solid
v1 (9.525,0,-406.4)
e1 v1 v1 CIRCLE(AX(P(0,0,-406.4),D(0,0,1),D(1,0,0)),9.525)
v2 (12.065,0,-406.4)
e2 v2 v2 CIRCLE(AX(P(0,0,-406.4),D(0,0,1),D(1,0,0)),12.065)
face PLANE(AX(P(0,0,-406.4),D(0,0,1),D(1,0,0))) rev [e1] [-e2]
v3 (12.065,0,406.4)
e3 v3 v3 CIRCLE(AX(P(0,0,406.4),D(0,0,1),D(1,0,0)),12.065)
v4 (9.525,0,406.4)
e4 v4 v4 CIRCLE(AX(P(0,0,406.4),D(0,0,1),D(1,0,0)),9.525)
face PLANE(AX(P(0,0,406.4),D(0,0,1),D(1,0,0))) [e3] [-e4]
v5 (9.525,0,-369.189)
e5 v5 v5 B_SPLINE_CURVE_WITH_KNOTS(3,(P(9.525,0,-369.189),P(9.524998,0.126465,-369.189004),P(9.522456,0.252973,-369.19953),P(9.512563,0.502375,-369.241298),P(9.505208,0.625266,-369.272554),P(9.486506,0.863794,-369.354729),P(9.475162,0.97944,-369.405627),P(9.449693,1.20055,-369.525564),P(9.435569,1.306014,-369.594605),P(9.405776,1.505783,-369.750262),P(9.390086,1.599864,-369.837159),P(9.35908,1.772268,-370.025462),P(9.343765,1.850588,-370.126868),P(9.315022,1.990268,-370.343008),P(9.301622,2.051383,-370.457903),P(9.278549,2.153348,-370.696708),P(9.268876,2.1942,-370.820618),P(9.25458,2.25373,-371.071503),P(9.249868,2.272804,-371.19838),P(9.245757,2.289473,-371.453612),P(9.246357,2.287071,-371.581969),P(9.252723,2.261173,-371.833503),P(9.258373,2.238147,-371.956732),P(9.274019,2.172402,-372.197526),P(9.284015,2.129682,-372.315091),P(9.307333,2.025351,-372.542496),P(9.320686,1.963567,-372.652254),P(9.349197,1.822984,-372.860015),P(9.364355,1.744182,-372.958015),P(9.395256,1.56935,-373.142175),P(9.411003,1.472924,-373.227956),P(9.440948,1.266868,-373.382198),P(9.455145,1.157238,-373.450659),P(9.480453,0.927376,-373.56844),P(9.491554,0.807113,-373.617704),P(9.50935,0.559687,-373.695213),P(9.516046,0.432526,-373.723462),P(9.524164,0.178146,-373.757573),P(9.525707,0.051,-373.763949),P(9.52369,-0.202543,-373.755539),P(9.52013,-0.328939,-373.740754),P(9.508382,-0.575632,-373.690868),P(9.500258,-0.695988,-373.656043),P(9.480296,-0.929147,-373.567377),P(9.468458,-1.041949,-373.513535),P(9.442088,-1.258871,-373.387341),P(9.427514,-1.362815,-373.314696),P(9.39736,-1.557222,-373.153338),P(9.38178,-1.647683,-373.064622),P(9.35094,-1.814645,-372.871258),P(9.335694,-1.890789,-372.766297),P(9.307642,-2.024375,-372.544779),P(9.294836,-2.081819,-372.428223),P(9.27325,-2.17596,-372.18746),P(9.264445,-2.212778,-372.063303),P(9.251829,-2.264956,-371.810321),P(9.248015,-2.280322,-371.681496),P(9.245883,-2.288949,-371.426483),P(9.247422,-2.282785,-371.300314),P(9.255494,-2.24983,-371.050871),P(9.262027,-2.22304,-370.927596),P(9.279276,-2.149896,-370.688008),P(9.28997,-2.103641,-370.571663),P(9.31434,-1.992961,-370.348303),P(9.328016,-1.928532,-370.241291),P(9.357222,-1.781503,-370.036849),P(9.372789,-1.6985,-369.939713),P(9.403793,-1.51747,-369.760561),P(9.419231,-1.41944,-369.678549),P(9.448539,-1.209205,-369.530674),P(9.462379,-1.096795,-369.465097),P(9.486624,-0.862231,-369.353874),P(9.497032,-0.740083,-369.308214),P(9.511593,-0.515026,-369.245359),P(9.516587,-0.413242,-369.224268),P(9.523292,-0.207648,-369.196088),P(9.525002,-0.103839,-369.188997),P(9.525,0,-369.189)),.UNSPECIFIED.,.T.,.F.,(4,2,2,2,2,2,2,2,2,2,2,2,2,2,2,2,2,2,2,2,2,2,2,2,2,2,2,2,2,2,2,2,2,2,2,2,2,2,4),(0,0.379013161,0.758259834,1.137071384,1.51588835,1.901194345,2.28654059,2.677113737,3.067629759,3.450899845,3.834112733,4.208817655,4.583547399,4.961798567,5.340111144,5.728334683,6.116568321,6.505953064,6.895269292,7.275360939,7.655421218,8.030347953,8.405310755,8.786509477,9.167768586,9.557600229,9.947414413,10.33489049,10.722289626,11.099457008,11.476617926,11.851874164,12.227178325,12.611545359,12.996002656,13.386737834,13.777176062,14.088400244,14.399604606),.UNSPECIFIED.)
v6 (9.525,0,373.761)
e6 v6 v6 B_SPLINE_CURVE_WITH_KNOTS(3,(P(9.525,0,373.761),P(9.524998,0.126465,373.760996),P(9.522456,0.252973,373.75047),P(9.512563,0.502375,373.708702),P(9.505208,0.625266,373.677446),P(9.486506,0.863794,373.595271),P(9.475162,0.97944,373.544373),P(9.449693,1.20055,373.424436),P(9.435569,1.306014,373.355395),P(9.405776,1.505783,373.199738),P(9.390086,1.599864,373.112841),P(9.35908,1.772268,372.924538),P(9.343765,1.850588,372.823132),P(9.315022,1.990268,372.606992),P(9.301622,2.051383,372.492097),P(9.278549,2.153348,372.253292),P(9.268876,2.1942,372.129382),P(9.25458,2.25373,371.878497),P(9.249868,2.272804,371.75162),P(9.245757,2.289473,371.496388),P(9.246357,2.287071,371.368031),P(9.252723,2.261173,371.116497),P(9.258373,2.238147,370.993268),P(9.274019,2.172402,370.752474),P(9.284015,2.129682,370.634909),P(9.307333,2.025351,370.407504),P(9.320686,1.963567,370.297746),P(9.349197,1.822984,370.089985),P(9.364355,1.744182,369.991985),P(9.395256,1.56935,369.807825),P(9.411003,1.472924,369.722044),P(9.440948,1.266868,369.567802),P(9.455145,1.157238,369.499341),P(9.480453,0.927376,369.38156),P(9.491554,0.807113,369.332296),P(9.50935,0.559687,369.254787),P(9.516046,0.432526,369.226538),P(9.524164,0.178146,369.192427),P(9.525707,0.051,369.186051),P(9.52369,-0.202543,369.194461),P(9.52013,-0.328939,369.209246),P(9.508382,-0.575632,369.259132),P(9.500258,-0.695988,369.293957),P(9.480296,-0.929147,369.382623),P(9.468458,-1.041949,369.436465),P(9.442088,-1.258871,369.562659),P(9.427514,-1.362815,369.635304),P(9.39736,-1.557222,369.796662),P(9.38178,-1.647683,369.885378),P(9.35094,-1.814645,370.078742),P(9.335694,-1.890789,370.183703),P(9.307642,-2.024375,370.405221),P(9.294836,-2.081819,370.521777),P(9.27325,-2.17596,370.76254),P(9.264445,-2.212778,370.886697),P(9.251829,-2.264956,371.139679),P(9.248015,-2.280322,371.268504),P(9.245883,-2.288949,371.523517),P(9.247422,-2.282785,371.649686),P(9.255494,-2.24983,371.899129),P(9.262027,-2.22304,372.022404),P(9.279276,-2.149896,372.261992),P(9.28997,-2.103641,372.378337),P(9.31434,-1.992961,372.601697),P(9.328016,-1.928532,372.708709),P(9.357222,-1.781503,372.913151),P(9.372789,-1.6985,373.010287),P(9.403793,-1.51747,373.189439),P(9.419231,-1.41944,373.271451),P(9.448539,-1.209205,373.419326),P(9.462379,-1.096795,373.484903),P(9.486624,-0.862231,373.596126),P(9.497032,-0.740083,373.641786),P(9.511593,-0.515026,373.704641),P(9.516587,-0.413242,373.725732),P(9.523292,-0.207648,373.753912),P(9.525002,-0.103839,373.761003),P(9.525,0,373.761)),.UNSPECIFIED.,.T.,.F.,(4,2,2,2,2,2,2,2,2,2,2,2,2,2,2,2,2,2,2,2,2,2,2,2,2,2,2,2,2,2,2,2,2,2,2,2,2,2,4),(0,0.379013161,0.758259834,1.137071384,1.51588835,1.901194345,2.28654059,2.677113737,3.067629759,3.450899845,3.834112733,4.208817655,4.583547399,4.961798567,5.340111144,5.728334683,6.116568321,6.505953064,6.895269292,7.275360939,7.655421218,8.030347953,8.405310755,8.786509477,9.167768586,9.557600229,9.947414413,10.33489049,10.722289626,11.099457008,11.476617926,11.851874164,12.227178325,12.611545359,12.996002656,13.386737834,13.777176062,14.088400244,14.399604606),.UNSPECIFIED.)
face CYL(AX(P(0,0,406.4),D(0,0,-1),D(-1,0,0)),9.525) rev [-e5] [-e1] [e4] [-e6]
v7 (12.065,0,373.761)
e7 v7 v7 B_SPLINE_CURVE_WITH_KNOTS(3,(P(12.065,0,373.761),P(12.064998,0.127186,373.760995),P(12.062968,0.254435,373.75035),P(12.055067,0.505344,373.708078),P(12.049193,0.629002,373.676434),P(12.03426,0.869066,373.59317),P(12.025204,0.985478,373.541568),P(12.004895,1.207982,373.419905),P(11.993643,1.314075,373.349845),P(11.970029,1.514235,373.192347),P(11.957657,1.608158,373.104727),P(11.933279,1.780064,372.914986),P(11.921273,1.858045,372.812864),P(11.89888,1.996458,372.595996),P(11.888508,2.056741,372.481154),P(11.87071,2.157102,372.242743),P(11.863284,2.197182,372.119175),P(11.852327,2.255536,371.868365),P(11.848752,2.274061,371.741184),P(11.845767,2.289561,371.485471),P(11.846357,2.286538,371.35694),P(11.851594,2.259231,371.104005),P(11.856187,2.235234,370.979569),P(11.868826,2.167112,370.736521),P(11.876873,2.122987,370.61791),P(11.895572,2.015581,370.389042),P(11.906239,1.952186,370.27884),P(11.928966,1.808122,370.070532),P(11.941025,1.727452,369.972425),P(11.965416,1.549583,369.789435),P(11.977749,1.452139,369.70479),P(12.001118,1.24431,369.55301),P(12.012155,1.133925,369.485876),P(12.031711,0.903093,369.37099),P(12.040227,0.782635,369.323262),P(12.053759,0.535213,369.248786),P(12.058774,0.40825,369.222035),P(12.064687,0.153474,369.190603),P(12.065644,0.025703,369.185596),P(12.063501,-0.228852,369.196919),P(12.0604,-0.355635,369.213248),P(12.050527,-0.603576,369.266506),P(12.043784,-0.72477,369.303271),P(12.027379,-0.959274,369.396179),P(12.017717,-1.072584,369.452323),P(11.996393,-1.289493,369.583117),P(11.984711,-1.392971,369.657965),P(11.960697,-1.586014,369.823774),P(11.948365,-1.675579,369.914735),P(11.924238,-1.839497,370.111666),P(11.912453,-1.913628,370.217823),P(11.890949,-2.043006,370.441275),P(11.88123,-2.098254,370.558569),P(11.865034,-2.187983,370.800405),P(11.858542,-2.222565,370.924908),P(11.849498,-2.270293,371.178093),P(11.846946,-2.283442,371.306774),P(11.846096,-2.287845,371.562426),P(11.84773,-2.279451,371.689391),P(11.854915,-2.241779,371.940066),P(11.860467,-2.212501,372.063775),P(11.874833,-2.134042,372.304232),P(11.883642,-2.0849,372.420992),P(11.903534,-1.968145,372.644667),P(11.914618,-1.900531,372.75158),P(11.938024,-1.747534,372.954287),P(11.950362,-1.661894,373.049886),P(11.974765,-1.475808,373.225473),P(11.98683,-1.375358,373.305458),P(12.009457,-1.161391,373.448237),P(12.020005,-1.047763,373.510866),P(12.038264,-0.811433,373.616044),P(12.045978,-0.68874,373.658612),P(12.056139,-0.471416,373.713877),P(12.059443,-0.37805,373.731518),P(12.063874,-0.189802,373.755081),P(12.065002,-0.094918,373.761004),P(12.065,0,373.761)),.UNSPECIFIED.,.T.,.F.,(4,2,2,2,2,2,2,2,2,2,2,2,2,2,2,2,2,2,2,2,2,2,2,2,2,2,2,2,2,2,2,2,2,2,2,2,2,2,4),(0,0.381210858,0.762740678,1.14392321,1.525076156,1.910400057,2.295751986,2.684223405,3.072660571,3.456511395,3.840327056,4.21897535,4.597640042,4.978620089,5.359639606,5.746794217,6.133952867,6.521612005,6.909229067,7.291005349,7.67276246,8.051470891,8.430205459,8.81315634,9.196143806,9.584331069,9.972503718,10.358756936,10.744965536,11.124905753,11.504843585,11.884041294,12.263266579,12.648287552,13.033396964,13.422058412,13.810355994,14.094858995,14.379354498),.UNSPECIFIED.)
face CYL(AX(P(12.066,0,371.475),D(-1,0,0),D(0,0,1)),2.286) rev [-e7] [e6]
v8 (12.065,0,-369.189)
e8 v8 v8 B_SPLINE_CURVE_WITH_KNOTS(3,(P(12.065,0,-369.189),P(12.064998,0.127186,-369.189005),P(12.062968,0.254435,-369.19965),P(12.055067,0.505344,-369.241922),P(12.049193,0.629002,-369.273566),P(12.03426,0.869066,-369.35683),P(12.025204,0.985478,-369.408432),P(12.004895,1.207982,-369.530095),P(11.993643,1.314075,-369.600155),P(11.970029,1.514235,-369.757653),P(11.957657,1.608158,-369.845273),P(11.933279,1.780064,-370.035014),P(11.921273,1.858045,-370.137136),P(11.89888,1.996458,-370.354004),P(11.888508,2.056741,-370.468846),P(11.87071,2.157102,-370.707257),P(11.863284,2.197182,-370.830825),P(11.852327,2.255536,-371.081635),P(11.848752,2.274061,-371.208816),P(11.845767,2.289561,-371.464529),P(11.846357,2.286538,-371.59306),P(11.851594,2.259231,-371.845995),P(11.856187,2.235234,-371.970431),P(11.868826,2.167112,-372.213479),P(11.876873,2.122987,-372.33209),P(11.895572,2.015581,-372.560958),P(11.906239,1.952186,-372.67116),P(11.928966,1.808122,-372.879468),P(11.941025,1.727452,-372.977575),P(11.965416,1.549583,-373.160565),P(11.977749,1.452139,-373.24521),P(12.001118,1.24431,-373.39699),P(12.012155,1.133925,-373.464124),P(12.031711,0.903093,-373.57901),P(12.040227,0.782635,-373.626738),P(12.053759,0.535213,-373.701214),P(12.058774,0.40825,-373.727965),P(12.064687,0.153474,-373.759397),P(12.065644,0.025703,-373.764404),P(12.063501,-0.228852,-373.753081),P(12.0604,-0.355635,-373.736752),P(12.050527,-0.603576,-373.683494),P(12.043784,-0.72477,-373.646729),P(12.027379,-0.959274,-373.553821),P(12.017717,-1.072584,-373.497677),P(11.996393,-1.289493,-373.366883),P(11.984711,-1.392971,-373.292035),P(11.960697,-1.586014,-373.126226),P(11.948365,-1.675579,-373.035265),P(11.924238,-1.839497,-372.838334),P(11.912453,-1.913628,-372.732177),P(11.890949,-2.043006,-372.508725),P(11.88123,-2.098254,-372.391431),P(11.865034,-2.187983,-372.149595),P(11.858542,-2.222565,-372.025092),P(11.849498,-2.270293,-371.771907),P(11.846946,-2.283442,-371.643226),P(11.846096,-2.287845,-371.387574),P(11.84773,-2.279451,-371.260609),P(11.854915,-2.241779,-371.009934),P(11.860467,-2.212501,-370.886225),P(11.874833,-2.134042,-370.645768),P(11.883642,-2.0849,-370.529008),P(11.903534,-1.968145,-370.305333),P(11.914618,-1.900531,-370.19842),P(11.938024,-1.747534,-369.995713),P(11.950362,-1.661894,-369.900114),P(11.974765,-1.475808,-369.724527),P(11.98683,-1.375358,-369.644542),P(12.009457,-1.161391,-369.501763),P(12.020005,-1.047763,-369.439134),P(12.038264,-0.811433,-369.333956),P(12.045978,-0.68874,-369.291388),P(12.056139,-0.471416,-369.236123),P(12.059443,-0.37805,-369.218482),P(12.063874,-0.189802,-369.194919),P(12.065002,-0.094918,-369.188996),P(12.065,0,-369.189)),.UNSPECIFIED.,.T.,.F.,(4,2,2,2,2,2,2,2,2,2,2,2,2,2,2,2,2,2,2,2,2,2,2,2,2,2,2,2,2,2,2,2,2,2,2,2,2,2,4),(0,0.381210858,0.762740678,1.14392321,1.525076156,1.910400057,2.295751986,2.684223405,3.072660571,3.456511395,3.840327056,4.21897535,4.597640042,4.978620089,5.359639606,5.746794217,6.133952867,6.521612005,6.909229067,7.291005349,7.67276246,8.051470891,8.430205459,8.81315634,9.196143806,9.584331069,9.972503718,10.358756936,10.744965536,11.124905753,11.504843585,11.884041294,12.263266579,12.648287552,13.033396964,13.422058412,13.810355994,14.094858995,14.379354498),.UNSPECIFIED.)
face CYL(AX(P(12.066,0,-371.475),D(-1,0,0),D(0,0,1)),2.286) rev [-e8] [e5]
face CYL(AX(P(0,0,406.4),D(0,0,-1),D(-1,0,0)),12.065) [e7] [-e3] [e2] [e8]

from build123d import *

# Parameters (mm, degrees)
SKETCH1_R               = 12.065
SKETCH1_R_2             = 9.525
BOSS_EXTRUDE1_DEPTH     = 406.4
CUT_EXTRUDE1_REACH      = 408.758
CUT_EXTRUDE1_END_RADIUS = 12.065
SKETCH3_R               = 2.286


with BuildPart() as part:
    # Sketch1 → Boss-Extrude1 (new, symmetric)
    with BuildSketch(Plane.XY):
        Circle(SKETCH1_R)
        Circle(SKETCH1_R_2, mode=Mode.SUBTRACT)
    extrude(amount=BOSS_EXTRUDE1_DEPTH, both=True)

    # Cut-Extrude1: up to this cylinder (the profile starts inside it)
    cut_extrude1_end = Plane(origin=(0, 0, 0), z_dir=(0, 0, -1)) * Cylinder(CUT_EXTRUDE1_END_RADIUS, 1585.596, mode=Mode.PRIVATE)
    # Sketch3 → Cut-Extrude1 (cut, up to the surface)
    with BuildSketch(Plane(origin=(0, 0, 0), x_dir=(0, 0, -1), z_dir=(1, 0, 0)), mode=Mode.PRIVATE) as cut_extrude1_sk1:
        with Locations(Location((-371.475, 0, 0), (0, 0, 180))):
            Circle(SKETCH3_R)
    cut_extrude1_tool1 = extrude(cut_extrude1_sk1.sketch, amount=CUT_EXTRUDE1_REACH, mode=Mode.PRIVATE) & cut_extrude1_end
    add(cut_extrude1_tool1.solids().sort_by_distance((0, 0, 371.475))[0], mode=Mode.SUBTRACT)
    # Sketch3 → Cut-Extrude1 (cut, up to the surface)
    with BuildSketch(Plane(origin=(0, 0, 0), x_dir=(0, 0, -1), z_dir=(1, 0, 0)), mode=Mode.PRIVATE) as cut_extrude1_sk2:
        with Locations(Location((371.475, 0, 0), (0, 0, 180))):
            Circle(SKETCH3_R)
    cut_extrude1_tool2 = extrude(cut_extrude1_sk2.sketch, amount=CUT_EXTRUDE1_REACH, mode=Mode.PRIVATE) & cut_extrude1_end
    add(cut_extrude1_tool2.solids().sort_by_distance((0, 0, -371.475))[0], mode=Mode.SUBTRACT)


solid = part.part
